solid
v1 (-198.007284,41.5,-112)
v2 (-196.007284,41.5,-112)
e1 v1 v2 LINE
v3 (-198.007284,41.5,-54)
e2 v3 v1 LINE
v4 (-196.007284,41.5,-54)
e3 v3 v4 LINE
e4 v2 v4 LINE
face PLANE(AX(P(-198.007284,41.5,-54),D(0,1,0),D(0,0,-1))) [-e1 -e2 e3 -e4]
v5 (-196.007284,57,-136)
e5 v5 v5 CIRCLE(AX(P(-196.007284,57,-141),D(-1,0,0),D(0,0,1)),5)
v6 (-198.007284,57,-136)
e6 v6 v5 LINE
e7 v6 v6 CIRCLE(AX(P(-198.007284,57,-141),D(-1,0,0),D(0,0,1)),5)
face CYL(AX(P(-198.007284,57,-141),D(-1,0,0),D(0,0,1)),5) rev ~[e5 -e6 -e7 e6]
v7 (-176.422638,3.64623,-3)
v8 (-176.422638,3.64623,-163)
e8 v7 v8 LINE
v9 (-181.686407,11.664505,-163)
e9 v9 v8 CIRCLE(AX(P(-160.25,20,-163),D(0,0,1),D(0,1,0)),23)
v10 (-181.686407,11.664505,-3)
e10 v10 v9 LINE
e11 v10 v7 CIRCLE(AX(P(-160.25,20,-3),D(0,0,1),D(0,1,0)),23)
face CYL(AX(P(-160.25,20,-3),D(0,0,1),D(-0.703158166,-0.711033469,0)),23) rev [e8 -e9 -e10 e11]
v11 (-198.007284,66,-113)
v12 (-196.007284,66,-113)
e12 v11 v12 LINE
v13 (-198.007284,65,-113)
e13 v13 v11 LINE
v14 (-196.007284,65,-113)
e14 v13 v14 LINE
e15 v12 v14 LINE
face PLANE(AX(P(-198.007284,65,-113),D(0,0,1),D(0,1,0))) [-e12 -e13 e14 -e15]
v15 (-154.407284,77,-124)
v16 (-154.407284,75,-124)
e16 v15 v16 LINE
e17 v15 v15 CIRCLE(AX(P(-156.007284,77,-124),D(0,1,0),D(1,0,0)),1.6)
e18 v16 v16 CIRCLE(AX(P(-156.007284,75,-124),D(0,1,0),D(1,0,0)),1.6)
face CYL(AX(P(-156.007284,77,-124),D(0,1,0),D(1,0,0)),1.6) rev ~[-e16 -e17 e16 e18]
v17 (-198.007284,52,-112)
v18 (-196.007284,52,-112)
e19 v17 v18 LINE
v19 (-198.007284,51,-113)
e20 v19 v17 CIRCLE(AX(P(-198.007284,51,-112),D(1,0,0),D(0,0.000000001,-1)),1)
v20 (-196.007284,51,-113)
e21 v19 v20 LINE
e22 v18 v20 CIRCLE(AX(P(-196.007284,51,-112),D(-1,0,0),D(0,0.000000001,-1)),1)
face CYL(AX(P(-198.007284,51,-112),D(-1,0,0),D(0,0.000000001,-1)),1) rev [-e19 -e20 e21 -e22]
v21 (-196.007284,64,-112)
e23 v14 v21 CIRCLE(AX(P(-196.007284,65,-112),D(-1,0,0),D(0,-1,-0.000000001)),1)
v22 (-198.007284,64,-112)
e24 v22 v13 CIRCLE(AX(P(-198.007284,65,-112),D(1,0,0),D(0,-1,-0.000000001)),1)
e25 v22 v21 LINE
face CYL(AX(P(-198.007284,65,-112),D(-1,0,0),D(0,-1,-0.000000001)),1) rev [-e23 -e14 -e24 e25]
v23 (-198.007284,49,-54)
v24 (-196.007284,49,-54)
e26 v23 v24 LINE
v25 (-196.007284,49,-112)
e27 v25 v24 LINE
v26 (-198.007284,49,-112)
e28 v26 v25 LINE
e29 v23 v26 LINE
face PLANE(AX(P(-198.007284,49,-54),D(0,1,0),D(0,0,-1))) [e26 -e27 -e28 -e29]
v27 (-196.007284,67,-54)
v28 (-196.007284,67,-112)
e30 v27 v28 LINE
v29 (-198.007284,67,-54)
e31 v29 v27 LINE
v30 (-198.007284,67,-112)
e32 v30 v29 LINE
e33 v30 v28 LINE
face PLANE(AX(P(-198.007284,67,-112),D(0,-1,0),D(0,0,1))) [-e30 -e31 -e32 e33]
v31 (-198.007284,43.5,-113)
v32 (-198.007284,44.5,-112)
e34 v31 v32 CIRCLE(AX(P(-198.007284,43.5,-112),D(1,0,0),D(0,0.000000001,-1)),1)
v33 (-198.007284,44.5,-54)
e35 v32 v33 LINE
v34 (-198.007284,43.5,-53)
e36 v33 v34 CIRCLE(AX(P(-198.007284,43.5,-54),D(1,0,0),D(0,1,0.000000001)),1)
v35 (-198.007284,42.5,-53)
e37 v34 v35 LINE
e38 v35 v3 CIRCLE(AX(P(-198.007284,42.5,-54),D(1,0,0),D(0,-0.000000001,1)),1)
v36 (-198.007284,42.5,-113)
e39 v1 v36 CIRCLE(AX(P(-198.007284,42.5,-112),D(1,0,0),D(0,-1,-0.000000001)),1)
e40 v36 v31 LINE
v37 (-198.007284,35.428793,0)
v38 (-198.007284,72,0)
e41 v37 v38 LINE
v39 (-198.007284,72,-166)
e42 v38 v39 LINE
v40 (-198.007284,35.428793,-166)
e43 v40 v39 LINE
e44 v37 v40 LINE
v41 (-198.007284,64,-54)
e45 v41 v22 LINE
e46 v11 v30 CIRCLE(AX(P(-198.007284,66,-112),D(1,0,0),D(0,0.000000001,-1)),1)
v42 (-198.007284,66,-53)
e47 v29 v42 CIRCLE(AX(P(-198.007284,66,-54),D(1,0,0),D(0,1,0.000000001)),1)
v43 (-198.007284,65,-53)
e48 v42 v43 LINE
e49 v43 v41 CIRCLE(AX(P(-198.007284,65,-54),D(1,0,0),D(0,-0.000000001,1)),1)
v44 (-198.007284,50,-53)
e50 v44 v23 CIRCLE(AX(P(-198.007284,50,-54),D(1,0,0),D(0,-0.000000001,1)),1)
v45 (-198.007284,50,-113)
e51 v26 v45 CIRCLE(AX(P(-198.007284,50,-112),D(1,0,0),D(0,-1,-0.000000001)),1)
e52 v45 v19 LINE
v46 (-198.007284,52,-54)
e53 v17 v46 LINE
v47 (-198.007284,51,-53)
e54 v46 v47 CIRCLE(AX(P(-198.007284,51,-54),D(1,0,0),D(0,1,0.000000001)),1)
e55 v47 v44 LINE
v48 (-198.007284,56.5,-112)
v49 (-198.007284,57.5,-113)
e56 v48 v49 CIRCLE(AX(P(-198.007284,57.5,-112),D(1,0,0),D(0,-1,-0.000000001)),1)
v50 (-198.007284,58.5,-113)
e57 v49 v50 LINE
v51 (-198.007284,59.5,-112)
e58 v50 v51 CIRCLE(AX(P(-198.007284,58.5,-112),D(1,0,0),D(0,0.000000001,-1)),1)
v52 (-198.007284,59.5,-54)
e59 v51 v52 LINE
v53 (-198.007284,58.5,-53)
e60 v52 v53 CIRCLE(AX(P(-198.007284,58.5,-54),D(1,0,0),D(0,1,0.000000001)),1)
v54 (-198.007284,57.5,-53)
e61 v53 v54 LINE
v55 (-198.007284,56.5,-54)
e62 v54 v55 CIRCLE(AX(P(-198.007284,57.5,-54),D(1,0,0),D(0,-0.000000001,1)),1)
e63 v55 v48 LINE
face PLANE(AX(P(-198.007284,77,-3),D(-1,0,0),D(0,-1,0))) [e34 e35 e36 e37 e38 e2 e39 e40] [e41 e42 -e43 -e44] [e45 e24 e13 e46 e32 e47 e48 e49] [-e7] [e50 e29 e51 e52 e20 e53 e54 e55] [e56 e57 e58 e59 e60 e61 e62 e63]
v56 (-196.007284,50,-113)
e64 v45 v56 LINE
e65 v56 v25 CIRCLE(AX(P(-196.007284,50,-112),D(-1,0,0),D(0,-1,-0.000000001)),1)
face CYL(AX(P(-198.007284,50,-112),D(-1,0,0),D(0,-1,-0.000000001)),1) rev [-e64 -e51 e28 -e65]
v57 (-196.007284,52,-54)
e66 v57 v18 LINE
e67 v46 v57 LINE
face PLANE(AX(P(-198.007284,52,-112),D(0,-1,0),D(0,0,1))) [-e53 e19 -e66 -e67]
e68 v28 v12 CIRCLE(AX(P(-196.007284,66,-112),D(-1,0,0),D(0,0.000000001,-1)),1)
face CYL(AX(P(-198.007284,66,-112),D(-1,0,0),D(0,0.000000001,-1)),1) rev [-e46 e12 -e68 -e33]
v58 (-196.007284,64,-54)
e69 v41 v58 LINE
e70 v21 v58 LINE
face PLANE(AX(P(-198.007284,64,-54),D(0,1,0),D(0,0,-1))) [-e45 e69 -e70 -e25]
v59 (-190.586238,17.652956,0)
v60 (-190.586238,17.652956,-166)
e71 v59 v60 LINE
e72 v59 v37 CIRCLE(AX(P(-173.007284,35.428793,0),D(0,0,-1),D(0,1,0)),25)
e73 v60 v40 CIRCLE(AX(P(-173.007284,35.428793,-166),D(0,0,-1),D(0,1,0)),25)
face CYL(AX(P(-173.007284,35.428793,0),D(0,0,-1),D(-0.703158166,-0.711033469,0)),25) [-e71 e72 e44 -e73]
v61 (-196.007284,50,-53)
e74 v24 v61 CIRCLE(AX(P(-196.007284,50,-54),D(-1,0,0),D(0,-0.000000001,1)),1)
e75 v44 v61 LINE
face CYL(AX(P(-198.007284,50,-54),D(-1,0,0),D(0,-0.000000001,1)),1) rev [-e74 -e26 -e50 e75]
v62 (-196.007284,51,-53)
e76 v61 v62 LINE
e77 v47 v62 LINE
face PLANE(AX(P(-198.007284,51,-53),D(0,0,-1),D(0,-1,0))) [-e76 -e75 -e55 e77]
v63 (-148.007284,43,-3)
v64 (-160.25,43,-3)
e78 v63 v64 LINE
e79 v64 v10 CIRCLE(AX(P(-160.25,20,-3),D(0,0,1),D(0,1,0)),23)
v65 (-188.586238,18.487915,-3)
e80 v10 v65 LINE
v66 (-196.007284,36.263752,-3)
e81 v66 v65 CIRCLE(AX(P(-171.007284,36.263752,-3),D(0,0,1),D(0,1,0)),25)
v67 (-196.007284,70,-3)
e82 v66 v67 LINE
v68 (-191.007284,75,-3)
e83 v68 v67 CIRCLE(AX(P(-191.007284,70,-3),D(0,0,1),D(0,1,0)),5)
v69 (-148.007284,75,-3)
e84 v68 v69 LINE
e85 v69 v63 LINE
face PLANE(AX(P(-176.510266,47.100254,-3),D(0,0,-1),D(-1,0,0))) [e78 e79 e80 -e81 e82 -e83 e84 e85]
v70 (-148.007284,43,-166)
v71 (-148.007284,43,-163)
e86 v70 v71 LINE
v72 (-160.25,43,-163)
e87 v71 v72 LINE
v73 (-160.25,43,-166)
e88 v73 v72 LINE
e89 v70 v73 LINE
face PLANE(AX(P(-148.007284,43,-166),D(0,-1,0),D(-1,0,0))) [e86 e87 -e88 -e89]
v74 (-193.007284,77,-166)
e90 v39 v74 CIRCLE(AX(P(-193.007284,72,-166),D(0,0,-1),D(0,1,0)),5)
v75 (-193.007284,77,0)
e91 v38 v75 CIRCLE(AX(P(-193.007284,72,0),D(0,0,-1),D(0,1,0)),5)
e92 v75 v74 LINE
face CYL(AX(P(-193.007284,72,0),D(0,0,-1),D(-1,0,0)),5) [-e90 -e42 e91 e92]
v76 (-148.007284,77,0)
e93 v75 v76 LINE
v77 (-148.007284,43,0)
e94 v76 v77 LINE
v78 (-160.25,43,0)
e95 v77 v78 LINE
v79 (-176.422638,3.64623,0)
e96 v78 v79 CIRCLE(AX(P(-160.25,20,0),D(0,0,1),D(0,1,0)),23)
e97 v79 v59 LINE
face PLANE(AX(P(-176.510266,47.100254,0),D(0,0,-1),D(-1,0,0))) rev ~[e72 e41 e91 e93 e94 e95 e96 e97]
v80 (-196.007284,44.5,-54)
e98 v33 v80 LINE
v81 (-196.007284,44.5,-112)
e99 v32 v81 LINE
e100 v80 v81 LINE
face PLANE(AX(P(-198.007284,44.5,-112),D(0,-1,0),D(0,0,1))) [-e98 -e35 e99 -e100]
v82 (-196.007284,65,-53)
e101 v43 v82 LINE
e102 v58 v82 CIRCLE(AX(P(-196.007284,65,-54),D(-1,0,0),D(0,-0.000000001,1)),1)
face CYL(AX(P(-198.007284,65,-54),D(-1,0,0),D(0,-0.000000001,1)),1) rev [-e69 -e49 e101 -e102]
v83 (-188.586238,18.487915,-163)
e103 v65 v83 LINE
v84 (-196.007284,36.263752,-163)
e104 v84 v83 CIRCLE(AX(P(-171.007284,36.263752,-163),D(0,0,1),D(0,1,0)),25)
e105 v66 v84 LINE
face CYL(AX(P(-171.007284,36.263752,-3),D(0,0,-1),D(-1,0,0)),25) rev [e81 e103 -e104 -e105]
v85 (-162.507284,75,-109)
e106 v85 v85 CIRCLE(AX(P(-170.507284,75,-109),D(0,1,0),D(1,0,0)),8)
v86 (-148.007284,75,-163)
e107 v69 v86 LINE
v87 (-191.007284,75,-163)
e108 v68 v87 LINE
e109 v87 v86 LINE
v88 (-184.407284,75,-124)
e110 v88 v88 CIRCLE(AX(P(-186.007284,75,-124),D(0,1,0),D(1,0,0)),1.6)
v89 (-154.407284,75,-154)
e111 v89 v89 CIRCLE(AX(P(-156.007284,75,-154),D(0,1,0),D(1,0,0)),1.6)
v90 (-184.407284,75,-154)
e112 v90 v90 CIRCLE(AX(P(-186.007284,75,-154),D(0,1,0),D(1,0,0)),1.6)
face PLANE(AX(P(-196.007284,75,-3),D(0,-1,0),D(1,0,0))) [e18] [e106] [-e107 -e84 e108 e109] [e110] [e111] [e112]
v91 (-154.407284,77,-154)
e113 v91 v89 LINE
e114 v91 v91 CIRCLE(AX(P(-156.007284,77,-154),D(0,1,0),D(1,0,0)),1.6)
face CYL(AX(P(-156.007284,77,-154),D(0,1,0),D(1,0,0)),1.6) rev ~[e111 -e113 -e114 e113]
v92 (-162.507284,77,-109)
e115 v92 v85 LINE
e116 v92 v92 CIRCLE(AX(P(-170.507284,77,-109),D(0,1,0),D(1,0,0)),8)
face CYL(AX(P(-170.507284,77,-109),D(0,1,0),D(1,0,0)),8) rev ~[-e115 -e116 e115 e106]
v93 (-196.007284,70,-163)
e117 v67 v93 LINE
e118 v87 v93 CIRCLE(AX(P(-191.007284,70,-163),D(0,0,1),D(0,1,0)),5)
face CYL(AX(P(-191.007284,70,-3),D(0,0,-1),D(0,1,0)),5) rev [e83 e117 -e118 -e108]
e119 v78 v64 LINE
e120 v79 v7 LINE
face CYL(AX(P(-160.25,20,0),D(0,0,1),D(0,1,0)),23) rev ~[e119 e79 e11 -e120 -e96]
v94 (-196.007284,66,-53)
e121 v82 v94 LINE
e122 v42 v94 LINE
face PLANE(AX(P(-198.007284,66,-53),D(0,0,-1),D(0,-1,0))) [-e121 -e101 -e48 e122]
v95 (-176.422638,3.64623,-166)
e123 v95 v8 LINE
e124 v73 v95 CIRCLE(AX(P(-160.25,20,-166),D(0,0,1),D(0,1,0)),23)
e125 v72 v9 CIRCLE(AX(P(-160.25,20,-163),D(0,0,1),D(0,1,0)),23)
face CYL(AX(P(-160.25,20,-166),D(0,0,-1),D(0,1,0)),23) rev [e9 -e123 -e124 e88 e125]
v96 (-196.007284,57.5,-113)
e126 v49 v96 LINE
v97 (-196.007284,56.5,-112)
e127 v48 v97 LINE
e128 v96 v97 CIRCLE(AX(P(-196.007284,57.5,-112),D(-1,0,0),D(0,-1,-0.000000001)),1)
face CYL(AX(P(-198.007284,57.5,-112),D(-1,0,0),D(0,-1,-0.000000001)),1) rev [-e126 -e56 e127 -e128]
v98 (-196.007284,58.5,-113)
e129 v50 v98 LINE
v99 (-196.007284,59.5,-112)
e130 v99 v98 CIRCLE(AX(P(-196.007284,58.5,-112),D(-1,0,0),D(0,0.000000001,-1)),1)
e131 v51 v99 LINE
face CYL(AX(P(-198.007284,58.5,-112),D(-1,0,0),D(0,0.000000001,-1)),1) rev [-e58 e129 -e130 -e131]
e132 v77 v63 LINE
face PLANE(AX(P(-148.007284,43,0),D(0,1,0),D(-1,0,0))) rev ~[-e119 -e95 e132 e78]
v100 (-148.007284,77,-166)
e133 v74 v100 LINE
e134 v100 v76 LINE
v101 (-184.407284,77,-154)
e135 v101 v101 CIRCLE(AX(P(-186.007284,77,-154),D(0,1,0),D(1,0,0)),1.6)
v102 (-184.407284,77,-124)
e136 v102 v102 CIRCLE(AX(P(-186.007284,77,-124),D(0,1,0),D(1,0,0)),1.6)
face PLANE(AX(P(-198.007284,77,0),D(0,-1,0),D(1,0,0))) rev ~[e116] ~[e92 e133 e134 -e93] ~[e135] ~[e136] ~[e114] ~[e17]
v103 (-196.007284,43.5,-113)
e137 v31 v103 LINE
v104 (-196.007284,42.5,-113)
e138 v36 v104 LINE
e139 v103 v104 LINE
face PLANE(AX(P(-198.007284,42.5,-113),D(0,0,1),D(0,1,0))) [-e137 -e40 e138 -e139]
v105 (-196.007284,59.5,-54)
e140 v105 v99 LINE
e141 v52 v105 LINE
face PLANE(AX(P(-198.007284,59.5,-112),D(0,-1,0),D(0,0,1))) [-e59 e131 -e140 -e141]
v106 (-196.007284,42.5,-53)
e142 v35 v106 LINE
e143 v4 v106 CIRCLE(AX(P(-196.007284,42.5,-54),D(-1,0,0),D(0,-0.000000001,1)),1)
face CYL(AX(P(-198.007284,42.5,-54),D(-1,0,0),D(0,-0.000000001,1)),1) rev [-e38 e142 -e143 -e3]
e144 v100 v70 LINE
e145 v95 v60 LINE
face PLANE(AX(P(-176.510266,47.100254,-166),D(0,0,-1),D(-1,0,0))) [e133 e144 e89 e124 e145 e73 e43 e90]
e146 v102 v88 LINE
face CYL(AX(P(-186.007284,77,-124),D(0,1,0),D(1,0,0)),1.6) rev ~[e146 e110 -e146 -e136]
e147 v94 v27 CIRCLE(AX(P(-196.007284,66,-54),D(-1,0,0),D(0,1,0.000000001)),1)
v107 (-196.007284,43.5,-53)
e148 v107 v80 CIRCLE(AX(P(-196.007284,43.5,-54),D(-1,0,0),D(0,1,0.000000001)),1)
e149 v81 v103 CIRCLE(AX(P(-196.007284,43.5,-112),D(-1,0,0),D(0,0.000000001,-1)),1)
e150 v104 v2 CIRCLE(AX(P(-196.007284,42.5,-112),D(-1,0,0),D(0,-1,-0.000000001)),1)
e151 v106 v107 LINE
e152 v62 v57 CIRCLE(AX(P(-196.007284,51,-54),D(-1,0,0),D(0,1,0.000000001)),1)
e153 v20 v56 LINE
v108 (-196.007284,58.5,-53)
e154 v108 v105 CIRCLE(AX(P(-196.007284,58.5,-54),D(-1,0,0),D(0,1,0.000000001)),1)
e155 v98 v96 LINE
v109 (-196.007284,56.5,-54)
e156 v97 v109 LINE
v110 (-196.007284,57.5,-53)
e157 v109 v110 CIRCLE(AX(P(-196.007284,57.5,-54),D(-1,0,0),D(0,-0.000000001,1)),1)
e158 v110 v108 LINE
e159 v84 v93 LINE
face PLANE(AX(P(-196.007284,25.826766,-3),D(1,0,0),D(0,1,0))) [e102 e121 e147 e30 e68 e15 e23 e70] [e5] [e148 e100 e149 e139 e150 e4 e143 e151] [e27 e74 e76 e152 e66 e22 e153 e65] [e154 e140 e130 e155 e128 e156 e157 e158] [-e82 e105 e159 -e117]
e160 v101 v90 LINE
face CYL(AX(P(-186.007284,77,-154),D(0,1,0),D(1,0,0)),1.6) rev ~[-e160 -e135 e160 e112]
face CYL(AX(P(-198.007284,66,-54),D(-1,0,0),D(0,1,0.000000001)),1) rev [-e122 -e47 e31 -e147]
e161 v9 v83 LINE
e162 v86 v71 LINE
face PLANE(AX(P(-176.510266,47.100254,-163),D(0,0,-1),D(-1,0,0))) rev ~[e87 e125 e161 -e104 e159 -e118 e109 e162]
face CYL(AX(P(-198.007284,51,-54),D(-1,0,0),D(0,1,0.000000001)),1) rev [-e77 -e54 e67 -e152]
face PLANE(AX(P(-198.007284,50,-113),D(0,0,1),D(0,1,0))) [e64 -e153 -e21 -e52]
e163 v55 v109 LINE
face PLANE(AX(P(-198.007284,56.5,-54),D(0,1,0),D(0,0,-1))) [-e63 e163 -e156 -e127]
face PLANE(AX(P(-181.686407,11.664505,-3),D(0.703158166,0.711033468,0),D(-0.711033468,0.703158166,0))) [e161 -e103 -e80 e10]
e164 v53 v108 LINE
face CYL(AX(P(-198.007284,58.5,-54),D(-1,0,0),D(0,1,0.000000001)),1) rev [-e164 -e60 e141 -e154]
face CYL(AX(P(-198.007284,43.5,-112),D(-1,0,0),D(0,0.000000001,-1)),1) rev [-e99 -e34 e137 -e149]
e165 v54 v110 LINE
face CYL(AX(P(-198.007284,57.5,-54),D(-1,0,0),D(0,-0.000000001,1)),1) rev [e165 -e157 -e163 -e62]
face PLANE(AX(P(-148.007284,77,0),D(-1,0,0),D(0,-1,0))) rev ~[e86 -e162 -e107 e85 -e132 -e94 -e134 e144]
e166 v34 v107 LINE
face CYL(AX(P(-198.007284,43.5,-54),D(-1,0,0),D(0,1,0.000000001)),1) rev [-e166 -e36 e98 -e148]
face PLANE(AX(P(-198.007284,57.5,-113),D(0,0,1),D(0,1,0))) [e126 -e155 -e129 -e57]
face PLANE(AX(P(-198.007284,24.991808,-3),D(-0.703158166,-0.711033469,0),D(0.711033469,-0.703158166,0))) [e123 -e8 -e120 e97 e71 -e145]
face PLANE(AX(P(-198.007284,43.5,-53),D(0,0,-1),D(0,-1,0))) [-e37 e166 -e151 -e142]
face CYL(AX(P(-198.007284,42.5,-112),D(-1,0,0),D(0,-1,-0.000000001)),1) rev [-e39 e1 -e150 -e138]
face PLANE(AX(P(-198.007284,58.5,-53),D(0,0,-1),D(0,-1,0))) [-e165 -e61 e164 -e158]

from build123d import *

# Parameters (mm, degrees)
BOSS_EXTRUDE1_DEPTH = 3
BOSS_EXTRUDE2_DEPTH = 3
BOSS_EXTRUDE3_DEPTH = 160
FILLET1_R           = 5
FILLET2_R           = 25
CUT_EXTRUDE1_DEPTH  = 5
SKETCH5_R           = 8
CUT_EXTRUDE2_DEPTH  = 2
SKETCH6_R           = 1.6
CUT_EXTRUDE3_DEPTH  = 2
SKETCH7_R           = 5
CUT_EXTRUDE4_DEPTH  = 3


with BuildPart() as part:
    # Sketch1 → Boss-Extrude1 (new body)
    with BuildSketch(Plane.XY):
        with BuildLine():
            Line((-176.422637822, 3.646230224), (-198.007283518, 24.991807553))
            Line((-198.007283518, 24.991807553), (-198.007283518, 77))
            Line((-198.007283518, 77), (-148.007283518, 77))
            Line((-148.007283518, 77), (-148.007283518, 43))
            Line((-148.007283518, 43), (-160.25, 43))
            ThreePointArc((-160.25, 43), (-181.523653951, 28.742519521), (-176.422637822, 3.646230224))
        make_face()
    extrude(amount=-BOSS_EXTRUDE1_DEPTH)



with BuildPart() as body_2:
    # Sketch2 → Boss-Extrude2 (new body)
    with BuildSketch(Plane(origin=(0, 0, -166), x_dir=(-1, 0, 0), z_dir=(0, 0, -1))):
        with BuildLine():
            Line((198.007283518, 24.991807553), (198.007283518, 77))
            Line((198.007283518, 77), (148.007283518, 77))
            Line((148.007283518, 77), (148.007283518, 43))
            Line((148.007283518, 43), (160.25, 43))
            ThreePointArc((160.25, 43), (181.523653951, 28.742519521), (176.422637822, 3.646230224))
            Line((176.422637822, 3.646230224), (198.007283518, 24.991807553))
        make_face()
    extrude(amount=-BOSS_EXTRUDE2_DEPTH)


with BuildPart() as part_1:
    add(part.part)

    add(body_2.part)  # Boss-Extrude3 merges body 2
    # Sketch3 → Boss-Extrude3 (add)
    with BuildSketch(Plane(origin=(0, 0, -3), x_dir=(-1, 0, 0), z_dir=(0, 0, -1))):
        with BuildLine():
            Line((181.686406663, 11.66450545), (196.007283518, 25.826766376))
            Line((196.007283518, 25.826766376), (196.007283518, 75))
            Line((196.007283518, 75), (148.007283518, 75))
            Line((148.007283518, 75), (148.007283518, 77))
            Line((148.007283518, 77), (198.007283518, 77))
            Line((198.007283518, 77), (198.007283518, 24.991807553))
            Line((198.007283518, 24.991807553), (176.422637822, 3.646230224))
            ThreePointArc((176.422637822, 3.646230224), (179.477148545, 7.377925731), (181.686406663, 11.66450545))
        make_face()
    extrude(amount=BOSS_EXTRUDE3_DEPTH)

    # Fillet1
    fillet1_edges = [part_1.edges().sort_by_distance(p)[0] for p in [
        (-198.007283518, 77, -83),
        (-196.007283518, 75, -83),
    ]]
    fillet(fillet1_edges, radius=FILLET1_R)

    # Fillet2
    fillet2_edges = [part_1.edges().sort_by_distance(p)[0] for p in [
        (-198.007283518, 24.991807553, -83),
        (-196.007283518, 25.826766376, -83),
    ]]
    fillet(fillet2_edges, radius=FILLET2_R)

    # Sketch4 → Cut-Extrude1 (cut)
    with BuildSketch(Plane.ZY.offset(198.007283518)):
        with BuildLine():
            Line((-112, 59.5), (-54, 59.5))
            ThreePointArc((-54, 59.5), (-53.292893219, 59.207106781), (-53, 58.5))
            Line((-53, 58.5), (-53, 57.5))
            ThreePointArc((-53, 57.5), (-53.292893219, 56.792893219), (-54, 56.5))
            Line((-54, 56.5), (-112, 56.5))
            ThreePointArc((-112, 56.5), (-112.707106781, 56.792893219), (-113, 57.5))
            Line((-113, 57.5), (-113, 58.5))
            ThreePointArc((-113, 58.5), (-112.707106781, 59.207106781), (-112, 59.5))
        make_face()
        with BuildLine():
            Line((-112, 67), (-54, 67))
            ThreePointArc((-54, 67), (-53.292893219, 66.707106781), (-53, 66))
            Line((-53, 66), (-53, 65))
            ThreePointArc((-53, 65), (-53.292893219, 64.292893219), (-54, 64))
            Line((-54, 64), (-112, 64))
            ThreePointArc((-112, 64), (-112.707106781, 64.292893219), (-113, 65))
            Line((-113, 65), (-113, 66))
            ThreePointArc((-113, 66), (-112.707106781, 66.707106781), (-112, 67))
        make_face()
        with BuildLine():
            Line((-112, 52), (-54, 52))
            ThreePointArc((-54, 52), (-53.292893219, 51.707106781), (-53, 51))
            Line((-53, 51), (-53, 50))
            ThreePointArc((-53, 50), (-53.292893219, 49.292893219), (-54, 49))
            Line((-54, 49), (-112, 49))
            ThreePointArc((-112, 49), (-112.707106781, 49.292893219), (-113, 50))
            Line((-113, 50), (-113, 51))
            ThreePointArc((-113, 51), (-112.707106781, 51.707106781), (-112, 52))
        make_face()
        with BuildLine():
            Line((-112, 44.5), (-54, 44.5))
            ThreePointArc((-54, 44.5), (-53.292893219, 44.207106781), (-53, 43.5))
            Line((-53, 43.5), (-53, 42.5))
            ThreePointArc((-53, 42.5), (-53.292893219, 41.792893219), (-54, 41.5))
            Line((-54, 41.5), (-112, 41.5))
            ThreePointArc((-112, 41.5), (-112.707106781, 41.792893219), (-113, 42.5))
            Line((-113, 42.5), (-113, 43.5))
            ThreePointArc((-113, 43.5), (-112.707106781, 44.207106781), (-112, 44.5))
        make_face()
    extrude(amount=-CUT_EXTRUDE1_DEPTH, mode=Mode.SUBTRACT)

    # Sketch5 → Cut-Extrude2 (cut)
    with BuildSketch(Plane(origin=(0, 77, 0), x_dir=(1, 0, 0), z_dir=(0, 1, 0))):
        with Locations((-170.507283518, 109)):
            Circle(SKETCH5_R)
    extrude(amount=-CUT_EXTRUDE2_DEPTH, mode=Mode.SUBTRACT)

    # Sketch6 → Cut-Extrude3 (cut)
    with BuildSketch(Plane(origin=(0, 77, 0), x_dir=(1, 0, 0), z_dir=(0, 1, 0))):
        with Locations((-156.007283518, 154)):
            Circle(SKETCH6_R)
        with Locations((-156.007283518, 124)):
            Circle(SKETCH6_R)
        with Locations((-186.007283518, 124)):
            Circle(SKETCH6_R)
        with Locations((-186.007283518, 154)):
            Circle(SKETCH6_R)
    extrude(amount=-CUT_EXTRUDE3_DEPTH, mode=Mode.SUBTRACT)

    # Sketch7 → Cut-Extrude4 (cut)
    with BuildSketch(Plane.ZY.offset(198.007283518)):
        with Locations((-141, 57)):
            Circle(SKETCH7_R)
    extrude(amount=-CUT_EXTRUDE4_DEPTH, mode=Mode.SUBTRACT)


solid = part_1.part
